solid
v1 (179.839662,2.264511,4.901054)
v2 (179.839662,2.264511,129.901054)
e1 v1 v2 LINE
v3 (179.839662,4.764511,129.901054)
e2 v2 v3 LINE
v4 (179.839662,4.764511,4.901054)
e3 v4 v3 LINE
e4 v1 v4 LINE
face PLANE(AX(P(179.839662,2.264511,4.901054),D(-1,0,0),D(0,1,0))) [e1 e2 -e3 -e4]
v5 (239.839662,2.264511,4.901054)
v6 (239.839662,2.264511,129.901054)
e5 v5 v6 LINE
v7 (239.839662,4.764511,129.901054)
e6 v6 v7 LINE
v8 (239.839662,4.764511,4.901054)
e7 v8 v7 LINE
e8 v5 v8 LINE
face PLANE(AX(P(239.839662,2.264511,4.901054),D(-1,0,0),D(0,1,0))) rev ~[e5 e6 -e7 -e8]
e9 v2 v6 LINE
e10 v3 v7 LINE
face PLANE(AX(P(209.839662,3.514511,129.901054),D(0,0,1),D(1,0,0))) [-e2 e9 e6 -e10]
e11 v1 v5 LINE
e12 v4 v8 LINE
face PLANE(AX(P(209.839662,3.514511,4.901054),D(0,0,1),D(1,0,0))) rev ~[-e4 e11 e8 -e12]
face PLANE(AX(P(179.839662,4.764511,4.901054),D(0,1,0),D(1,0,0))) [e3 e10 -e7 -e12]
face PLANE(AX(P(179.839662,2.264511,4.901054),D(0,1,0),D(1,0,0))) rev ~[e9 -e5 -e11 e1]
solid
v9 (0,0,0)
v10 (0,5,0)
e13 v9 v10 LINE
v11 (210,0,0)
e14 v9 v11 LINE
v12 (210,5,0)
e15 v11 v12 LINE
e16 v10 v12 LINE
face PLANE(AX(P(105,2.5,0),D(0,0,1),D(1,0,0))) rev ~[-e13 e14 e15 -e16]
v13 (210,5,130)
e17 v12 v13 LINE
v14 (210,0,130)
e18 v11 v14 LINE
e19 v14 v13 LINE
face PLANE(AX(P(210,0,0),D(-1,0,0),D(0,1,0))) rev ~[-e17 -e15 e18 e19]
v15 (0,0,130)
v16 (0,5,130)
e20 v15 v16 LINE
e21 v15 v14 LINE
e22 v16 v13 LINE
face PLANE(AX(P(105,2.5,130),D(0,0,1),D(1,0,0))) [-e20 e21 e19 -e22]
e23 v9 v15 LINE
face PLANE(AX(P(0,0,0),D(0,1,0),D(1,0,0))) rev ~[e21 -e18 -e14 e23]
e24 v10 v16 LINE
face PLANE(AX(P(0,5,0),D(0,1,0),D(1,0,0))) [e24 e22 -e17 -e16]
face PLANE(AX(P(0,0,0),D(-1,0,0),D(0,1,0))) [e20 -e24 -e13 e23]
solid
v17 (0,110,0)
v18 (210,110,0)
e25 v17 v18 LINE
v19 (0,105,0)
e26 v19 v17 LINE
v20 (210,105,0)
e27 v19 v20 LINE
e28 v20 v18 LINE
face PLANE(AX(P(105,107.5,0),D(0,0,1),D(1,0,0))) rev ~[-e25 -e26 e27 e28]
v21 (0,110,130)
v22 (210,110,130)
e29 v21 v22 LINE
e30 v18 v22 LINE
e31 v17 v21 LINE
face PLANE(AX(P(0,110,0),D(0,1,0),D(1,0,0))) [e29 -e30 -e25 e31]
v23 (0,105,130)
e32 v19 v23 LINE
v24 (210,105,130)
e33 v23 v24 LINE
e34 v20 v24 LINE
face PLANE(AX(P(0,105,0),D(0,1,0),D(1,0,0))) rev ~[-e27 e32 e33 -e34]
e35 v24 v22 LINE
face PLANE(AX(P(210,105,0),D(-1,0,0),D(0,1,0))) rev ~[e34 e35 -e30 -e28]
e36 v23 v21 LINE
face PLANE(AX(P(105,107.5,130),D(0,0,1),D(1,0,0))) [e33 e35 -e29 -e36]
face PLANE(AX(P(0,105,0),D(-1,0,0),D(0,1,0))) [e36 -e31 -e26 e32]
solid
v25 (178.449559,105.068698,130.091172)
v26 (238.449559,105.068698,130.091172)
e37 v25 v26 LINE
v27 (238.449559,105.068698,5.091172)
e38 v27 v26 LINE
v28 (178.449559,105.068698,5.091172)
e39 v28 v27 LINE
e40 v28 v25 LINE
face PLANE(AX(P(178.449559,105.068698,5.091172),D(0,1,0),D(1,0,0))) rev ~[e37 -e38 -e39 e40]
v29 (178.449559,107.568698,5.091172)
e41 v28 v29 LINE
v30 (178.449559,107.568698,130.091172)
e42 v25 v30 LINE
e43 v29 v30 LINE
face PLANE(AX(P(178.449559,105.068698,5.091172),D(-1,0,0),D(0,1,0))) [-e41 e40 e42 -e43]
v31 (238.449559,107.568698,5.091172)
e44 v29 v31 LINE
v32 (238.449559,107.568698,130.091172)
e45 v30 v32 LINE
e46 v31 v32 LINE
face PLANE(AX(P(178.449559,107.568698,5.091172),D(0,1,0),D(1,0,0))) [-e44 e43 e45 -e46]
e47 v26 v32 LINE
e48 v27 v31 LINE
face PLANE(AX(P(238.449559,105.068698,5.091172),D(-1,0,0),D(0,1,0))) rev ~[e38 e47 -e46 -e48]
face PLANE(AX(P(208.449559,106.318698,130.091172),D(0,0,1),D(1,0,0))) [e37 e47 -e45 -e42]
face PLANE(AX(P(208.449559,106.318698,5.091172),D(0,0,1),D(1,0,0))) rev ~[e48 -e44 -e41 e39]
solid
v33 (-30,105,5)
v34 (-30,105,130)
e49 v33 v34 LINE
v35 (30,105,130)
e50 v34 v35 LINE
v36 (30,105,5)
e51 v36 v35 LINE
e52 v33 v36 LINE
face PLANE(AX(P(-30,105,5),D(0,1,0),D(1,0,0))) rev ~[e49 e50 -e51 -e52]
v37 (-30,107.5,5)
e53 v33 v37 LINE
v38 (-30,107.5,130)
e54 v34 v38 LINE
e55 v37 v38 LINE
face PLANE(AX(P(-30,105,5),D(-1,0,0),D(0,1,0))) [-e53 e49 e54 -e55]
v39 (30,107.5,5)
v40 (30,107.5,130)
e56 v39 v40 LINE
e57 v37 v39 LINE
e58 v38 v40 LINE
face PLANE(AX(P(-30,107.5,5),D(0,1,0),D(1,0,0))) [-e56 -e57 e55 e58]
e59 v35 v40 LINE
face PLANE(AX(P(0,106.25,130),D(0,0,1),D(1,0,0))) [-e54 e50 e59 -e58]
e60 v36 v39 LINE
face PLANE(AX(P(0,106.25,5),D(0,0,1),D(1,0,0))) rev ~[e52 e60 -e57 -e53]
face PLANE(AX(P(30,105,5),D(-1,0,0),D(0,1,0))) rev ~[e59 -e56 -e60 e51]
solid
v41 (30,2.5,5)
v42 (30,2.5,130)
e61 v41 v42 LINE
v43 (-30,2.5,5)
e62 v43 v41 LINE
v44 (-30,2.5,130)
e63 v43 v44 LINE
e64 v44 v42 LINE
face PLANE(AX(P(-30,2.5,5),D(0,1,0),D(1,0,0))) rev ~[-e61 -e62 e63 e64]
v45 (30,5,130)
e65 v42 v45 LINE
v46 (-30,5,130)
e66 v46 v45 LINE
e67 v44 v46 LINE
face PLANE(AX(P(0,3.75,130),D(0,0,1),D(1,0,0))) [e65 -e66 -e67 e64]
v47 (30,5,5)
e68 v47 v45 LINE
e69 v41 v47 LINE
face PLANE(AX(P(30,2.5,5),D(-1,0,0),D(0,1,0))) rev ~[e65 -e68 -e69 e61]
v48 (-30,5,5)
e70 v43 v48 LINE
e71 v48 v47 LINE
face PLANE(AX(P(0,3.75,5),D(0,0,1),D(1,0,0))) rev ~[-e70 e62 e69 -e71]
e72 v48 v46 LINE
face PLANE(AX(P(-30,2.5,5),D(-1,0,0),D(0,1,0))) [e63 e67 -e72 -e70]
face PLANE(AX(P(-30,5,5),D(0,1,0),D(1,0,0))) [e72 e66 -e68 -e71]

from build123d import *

# Parameters (mm, degrees)
BOX009_W     = 60
BOX009_H     = 2.5
BOX009_DEPTH = 125
BOX002_W     = 210
BOX002_H     = 5
BOX002_DEPTH = 130
BOX003_W     = 210
BOX003_H     = 5
BOX003_DEPTH = 130
BOX011_W     = 60
BOX011_H     = 2.5
BOX011_DEPTH = 125
BOX012_W     = 60
BOX012_H     = 2.5
BOX012_DEPTH = 125
BOX013_W     = 60
BOX013_H     = 2.5
BOX013_DEPTH = 125


with BuildPart() as cube009:
    # Box009 → Box009 (new body)
    with BuildSketch(Plane(origin=(-30, 2.5, 5), x_dir=(1, 0, 0), z_dir=(0, 0, 1))):
        with Locations((30, 1.25)):
            Rectangle(BOX009_W, BOX009_H)
    extrude(amount=BOX009_DEPTH)


with BuildPart() as cube002:
    # Box002 → Box002 (new body)
    with BuildSketch(Plane(origin=(0, 105, 0), x_dir=(1, 0, 0), z_dir=(0, 0, 1))):
        with Locations((105, 2.5)):
            Rectangle(BOX002_W, BOX002_H)
    extrude(amount=BOX002_DEPTH)


with BuildPart() as cube003:
    # Box003 → Box003 (new body)
    with BuildSketch(Plane.XY):
        with Locations((105, 2.5)):
            Rectangle(BOX003_W, BOX003_H)
    extrude(amount=BOX003_DEPTH)


with BuildPart() as cube011:
    # Box011 → Box011 (new body)
    with BuildSketch(Plane(origin=(178.449559, 105.068698, 5.091172), x_dir=(1, 0, 0), z_dir=(0, 0, 1))):
        with Locations((30, 1.25)):
            Rectangle(BOX011_W, BOX011_H)
    extrude(amount=BOX011_DEPTH)


with BuildPart() as cube012:
    # Box012 → Box012 (new body)
    with BuildSketch(Plane(origin=(-30, 105, 5), x_dir=(1, 0, 0), z_dir=(0, 0, 1))):
        with Locations((30, 1.25)):
            Rectangle(BOX012_W, BOX012_H)
    extrude(amount=BOX012_DEPTH)


with BuildPart() as cube013:
    # Box013 → Box013 (new body)
    with BuildSketch(Plane(origin=(179.839662, 2.264511, 4.901054), x_dir=(1, 0, 0), z_dir=(0, 0, 1))):
        with Locations((30, 1.25)):
            Rectangle(BOX013_W, BOX013_H)
    extrude(amount=BOX013_DEPTH)


solid = Compound([cube009.part, cube002.part, cube003.part, cube011.part, cube012.part, cube013.part])
